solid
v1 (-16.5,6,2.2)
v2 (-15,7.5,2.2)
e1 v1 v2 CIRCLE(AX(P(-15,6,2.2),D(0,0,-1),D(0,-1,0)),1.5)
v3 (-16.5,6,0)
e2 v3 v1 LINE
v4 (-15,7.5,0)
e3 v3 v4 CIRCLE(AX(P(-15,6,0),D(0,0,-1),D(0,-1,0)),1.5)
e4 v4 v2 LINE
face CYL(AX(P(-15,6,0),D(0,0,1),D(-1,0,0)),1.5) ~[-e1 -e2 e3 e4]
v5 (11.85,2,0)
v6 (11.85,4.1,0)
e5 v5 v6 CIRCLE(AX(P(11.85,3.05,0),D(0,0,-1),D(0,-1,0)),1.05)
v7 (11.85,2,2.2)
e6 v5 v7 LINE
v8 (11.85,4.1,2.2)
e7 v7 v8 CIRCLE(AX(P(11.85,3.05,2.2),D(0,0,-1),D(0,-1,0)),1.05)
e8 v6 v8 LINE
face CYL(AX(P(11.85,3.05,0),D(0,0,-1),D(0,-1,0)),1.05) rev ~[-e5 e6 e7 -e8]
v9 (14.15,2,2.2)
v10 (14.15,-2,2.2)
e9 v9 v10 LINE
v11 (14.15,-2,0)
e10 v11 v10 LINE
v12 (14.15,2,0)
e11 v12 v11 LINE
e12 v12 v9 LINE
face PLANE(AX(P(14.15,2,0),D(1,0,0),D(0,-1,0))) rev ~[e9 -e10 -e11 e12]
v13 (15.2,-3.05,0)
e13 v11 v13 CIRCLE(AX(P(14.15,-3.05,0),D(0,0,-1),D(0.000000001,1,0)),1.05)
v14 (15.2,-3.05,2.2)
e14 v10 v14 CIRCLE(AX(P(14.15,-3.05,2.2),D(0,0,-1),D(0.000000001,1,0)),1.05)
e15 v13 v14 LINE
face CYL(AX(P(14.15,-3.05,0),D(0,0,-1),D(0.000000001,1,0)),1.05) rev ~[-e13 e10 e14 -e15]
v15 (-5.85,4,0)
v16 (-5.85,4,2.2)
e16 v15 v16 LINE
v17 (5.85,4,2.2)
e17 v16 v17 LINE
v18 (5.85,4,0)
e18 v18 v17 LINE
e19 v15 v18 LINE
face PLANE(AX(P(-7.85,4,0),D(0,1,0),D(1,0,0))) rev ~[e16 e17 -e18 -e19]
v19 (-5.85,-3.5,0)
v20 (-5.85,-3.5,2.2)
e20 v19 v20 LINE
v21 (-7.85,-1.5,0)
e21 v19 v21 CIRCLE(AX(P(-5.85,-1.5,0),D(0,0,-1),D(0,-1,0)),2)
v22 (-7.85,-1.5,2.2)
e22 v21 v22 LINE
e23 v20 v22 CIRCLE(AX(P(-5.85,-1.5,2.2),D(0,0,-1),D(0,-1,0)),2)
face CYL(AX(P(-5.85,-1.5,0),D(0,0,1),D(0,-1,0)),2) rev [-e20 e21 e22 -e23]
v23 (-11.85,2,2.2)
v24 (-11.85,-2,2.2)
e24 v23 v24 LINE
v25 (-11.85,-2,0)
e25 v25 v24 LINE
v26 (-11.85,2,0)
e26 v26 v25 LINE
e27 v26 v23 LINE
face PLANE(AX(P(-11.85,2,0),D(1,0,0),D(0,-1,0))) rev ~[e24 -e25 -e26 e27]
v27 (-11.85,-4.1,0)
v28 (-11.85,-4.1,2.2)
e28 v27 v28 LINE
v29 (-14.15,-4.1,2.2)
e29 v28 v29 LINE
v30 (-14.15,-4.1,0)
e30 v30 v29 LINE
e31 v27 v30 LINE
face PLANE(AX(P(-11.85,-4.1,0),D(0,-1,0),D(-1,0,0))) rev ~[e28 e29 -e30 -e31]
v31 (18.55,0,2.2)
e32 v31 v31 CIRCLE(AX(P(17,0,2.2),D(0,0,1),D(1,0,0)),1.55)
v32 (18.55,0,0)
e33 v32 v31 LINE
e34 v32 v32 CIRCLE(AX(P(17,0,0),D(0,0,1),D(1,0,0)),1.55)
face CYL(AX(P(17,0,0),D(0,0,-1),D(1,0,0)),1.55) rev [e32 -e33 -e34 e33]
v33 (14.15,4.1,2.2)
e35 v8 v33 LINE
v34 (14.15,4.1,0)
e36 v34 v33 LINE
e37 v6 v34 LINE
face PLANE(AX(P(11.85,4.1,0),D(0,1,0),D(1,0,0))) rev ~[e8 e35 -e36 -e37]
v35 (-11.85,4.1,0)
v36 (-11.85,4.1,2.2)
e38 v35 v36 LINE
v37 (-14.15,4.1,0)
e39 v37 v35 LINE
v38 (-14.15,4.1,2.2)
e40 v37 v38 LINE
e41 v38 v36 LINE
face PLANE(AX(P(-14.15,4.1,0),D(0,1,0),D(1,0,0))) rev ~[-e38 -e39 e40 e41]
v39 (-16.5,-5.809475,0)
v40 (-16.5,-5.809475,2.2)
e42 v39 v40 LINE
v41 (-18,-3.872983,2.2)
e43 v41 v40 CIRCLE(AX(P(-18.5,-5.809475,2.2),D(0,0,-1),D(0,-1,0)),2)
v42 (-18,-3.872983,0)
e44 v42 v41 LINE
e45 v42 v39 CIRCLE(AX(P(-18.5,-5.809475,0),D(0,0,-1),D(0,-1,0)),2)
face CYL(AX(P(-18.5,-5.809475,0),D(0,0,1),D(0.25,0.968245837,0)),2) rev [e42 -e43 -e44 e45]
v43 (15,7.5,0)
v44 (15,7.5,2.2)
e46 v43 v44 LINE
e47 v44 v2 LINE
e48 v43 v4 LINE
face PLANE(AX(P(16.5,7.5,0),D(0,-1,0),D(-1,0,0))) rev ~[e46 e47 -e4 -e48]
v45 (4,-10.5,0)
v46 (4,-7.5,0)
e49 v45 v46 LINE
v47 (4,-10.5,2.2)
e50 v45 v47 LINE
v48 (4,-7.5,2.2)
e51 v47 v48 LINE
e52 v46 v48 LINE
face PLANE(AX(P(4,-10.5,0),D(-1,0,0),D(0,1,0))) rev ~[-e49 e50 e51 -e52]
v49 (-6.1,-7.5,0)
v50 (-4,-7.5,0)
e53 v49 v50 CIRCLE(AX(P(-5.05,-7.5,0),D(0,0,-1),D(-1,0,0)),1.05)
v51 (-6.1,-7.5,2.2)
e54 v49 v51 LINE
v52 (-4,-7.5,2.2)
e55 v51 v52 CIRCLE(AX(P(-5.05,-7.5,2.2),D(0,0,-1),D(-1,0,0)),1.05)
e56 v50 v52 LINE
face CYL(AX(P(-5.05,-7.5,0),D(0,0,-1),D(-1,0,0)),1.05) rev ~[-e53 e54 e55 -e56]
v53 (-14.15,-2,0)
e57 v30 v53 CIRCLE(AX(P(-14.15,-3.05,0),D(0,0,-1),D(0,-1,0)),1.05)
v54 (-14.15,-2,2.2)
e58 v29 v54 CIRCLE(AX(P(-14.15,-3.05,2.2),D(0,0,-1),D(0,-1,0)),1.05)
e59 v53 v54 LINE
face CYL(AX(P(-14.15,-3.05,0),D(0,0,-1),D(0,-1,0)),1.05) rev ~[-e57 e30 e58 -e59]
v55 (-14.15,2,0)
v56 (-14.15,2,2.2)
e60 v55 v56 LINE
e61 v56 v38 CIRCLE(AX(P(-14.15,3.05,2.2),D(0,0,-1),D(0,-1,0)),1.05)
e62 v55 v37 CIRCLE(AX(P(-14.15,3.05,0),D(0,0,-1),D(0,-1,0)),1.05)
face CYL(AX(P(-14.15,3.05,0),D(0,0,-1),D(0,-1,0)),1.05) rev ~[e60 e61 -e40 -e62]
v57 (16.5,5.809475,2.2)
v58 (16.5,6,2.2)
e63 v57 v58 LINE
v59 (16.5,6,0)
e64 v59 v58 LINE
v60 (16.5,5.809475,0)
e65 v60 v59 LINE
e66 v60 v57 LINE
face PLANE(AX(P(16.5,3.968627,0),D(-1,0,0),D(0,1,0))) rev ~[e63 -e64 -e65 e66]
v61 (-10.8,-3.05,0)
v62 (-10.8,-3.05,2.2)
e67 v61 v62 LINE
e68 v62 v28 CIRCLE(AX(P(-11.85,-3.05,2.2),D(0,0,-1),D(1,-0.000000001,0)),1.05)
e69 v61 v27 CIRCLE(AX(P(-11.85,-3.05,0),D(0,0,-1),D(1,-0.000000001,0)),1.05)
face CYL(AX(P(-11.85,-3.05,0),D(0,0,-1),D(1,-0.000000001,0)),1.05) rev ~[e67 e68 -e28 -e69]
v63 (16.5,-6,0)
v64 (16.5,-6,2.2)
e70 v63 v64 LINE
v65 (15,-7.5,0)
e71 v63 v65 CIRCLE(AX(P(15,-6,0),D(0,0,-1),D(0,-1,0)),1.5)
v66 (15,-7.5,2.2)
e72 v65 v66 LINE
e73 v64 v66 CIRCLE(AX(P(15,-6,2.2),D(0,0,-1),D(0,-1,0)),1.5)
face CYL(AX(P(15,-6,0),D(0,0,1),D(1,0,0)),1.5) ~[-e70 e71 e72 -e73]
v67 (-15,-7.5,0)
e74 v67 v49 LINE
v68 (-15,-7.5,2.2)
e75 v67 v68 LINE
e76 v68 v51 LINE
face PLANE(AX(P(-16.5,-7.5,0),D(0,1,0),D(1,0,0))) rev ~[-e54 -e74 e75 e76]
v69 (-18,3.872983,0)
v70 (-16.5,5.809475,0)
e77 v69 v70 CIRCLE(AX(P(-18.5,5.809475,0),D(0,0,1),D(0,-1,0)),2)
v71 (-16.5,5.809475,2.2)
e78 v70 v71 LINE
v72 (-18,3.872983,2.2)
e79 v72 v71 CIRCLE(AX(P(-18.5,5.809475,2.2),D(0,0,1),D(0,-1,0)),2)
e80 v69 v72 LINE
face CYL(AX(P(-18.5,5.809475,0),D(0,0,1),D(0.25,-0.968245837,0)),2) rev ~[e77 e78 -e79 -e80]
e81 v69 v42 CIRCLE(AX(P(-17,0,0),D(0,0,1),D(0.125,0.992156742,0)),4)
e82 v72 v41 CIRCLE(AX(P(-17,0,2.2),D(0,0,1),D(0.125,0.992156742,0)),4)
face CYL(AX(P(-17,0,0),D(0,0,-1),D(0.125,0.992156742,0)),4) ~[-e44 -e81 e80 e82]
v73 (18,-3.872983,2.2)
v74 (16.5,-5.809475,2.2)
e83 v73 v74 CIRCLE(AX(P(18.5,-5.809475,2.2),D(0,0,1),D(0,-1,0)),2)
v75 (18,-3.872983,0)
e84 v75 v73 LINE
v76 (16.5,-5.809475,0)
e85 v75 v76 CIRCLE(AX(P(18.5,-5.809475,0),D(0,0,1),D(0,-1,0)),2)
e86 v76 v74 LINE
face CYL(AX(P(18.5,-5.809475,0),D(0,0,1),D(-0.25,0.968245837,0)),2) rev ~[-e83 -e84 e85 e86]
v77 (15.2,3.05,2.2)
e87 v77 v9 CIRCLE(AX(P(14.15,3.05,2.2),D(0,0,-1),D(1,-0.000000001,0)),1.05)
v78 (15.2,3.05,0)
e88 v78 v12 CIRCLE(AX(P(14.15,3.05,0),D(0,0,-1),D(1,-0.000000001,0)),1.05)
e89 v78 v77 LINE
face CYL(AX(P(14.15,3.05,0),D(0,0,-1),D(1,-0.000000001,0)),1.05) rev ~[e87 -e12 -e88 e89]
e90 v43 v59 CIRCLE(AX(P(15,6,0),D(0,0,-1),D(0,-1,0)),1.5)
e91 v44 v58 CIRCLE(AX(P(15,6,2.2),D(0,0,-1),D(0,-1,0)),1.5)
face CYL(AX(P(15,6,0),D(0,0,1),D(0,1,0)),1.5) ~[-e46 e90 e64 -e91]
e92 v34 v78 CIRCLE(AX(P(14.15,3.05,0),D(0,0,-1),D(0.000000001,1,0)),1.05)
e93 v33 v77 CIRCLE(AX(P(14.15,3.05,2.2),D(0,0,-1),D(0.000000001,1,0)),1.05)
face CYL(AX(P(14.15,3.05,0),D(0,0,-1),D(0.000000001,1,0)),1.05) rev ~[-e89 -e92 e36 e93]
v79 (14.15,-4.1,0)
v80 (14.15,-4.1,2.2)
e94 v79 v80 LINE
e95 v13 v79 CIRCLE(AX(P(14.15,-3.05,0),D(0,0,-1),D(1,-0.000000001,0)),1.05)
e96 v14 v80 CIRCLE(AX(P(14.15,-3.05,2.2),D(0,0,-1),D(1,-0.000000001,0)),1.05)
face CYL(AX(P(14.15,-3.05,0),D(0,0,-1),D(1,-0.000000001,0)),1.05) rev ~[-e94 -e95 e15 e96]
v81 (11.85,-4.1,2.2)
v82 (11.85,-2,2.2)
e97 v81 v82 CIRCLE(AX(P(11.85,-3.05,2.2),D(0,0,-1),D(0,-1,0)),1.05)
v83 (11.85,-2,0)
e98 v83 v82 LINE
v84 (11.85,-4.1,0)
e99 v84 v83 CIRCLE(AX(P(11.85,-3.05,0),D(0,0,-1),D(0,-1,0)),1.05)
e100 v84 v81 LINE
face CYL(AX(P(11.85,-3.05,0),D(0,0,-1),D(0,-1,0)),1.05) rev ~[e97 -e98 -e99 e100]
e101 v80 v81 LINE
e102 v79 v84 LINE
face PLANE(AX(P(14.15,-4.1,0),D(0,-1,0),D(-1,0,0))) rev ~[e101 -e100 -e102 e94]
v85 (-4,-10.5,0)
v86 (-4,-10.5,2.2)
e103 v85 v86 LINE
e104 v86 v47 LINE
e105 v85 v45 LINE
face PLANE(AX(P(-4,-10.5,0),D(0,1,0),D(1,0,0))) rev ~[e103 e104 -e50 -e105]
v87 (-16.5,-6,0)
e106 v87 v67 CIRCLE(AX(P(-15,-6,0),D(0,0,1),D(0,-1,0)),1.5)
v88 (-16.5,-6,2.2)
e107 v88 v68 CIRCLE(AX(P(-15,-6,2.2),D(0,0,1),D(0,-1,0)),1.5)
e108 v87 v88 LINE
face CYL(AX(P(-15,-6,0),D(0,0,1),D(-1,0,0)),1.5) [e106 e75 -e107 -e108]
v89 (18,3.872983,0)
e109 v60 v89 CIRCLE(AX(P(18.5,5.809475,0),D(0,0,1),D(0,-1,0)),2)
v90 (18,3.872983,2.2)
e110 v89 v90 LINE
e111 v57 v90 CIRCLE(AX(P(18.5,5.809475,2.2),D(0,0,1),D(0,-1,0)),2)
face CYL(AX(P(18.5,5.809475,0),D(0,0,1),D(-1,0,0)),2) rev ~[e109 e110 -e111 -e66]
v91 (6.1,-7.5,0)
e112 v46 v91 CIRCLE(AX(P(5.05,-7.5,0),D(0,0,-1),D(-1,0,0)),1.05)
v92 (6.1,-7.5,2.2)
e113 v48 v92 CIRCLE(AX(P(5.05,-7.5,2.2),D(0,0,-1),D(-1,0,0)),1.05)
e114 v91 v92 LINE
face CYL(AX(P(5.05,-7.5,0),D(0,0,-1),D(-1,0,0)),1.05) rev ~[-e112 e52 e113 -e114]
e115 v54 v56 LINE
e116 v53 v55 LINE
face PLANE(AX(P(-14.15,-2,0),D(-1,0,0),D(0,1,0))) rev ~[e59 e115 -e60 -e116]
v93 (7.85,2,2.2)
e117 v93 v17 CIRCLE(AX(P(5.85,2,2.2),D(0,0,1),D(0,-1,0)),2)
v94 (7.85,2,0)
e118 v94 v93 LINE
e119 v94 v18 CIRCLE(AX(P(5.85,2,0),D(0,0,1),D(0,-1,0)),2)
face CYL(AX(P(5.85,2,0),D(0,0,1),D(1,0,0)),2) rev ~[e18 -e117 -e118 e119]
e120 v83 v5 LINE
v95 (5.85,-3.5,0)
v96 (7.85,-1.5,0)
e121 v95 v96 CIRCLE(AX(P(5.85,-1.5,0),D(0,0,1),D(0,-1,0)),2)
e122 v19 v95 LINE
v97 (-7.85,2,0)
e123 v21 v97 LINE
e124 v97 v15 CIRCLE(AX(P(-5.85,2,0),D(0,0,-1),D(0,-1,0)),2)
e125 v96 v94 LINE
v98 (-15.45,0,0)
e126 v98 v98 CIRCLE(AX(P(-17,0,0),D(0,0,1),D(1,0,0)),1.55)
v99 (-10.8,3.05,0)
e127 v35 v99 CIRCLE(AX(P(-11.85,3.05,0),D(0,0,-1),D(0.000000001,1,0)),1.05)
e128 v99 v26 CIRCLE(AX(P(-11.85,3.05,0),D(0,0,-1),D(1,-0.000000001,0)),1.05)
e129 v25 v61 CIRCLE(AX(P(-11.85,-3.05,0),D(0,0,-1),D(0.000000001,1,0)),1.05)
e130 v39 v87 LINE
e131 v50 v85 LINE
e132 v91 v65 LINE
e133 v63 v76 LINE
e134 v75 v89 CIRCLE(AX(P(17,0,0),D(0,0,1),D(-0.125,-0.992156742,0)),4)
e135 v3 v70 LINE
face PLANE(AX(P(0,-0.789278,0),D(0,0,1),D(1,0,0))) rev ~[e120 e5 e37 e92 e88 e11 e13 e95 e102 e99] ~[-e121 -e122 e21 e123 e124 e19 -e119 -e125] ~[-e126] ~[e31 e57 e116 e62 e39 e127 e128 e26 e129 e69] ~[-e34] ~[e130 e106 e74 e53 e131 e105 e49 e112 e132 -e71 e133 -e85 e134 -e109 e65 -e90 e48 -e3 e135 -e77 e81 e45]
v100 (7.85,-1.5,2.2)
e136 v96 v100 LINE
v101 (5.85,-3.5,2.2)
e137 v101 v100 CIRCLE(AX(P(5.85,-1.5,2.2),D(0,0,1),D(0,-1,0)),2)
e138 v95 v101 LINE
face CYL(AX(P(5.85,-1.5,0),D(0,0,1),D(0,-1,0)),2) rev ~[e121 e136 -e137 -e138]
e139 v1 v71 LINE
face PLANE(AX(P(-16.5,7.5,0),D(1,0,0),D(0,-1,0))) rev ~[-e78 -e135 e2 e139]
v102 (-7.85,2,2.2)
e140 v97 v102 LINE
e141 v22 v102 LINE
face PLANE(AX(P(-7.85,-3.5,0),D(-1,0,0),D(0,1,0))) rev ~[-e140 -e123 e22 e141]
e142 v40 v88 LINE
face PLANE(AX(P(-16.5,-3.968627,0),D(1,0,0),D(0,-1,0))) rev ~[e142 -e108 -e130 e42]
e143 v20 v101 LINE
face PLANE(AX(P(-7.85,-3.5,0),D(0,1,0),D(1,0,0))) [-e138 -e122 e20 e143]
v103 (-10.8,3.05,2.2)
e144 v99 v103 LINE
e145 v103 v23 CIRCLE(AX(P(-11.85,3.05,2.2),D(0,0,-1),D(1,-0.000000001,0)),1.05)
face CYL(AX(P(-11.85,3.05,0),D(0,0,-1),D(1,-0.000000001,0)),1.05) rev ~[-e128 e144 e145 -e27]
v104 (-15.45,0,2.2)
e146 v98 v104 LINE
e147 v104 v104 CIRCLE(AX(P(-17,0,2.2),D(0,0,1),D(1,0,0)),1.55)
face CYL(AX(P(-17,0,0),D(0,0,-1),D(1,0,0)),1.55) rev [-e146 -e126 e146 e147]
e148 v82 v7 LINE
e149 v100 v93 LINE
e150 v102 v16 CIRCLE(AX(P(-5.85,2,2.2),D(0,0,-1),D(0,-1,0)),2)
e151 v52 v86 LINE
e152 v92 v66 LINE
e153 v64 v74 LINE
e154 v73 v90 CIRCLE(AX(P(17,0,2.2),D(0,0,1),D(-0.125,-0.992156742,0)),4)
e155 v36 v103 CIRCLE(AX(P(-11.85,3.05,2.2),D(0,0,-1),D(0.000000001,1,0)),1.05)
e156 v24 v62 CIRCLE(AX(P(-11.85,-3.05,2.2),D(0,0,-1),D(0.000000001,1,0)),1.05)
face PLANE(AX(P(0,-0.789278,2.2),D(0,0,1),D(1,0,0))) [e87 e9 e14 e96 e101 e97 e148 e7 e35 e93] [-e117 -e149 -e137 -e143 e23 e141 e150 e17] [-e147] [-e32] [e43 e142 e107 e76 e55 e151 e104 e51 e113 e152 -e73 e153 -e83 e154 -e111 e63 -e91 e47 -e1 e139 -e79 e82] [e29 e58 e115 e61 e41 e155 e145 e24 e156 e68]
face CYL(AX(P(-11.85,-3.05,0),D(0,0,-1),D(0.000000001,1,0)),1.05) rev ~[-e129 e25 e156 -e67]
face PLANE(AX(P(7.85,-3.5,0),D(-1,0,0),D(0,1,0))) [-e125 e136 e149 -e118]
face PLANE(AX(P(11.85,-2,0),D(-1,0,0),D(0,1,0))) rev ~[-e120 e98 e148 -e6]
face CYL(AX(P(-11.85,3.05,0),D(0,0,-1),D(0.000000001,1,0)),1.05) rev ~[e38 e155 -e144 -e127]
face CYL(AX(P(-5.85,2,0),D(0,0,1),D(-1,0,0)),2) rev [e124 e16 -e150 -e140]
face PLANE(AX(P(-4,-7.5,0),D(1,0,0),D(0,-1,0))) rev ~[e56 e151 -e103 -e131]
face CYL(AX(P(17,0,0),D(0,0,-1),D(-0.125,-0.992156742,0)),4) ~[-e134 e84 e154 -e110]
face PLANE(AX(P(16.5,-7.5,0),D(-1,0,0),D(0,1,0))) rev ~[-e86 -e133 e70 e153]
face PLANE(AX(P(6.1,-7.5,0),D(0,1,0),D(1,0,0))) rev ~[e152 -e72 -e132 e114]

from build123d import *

# Parameters (mm, degrees)
SKETCH_1_R      = 1.55
SKETCH_1_W      = 15.7
SKETCH_1_H      = 7.5
EXTRUDE_1_DEPTH = 2.2
FILLET_1_R      = 2
FILLET_2_R      = 1.5
FILLET_3_R      = 2


with BuildPart() as part:
    # 草图1 → 凸台-拉伸1 (new body)
    with BuildSketch(Plane.XY):
        with BuildLine():
            ThreePointArc((-16.5, 3.968626967), (-21, 0), (-16.5, -3.968626967))
            Line((-16.5, -3.968626967), (-16.5, -7.5))
            Line((-16.5, -7.5), (-6.1, -7.5))
            ThreePointArc((-6.1, -7.5), (-5.05, -6.45), (-4, -7.5))
            Line((-4, -7.5), (-4, -10.5))
            Line((-4, -10.5), (4, -10.5))
            Line((4, -10.5), (4, -7.5))
            ThreePointArc((4, -7.5), (5.05, -6.45), (6.1, -7.5))
            Line((6.1, -7.5), (16.5, -7.5))
            Line((16.5, -7.5), (16.5, -3.968626967))
            ThreePointArc((16.5, -3.968626967), (21, 0), (16.5, 3.968626967))
            Line((16.5, 3.968626967), (16.5, 7.5))
            Line((16.5, 7.5), (-16.5, 7.5))
            Line((-16.5, 7.5), (-16.5, 3.968626967))
        make_face()
        with Locations((-17, 0)):
            Circle(SKETCH_1_R, mode=Mode.SUBTRACT)
        with BuildLine():
            Line((-14.15, 4.1), (-11.85, 4.1))
            ThreePointArc((-11.85, 4.1), (-11.10753788, 3.79246212), (-10.8, 3.05))
            ThreePointArc((-10.8, 3.05), (-11.10753788, 2.30753788), (-11.85, 2))
            Line((-11.85, 2), (-11.85, -2))
            ThreePointArc((-11.85, -2), (-11.10753788, -2.30753788), (-10.8, -3.05))
            ThreePointArc((-10.8, -3.05), (-11.10753788, -3.79246212), (-11.85, -4.1))
            Line((-11.85, -4.1), (-14.15, -4.1))
            ThreePointArc((-14.15, -4.1), (-15.2, -3.05), (-14.15, -2))
            Line((-14.15, -2), (-14.15, 2))
            ThreePointArc((-14.15, 2), (-15.2, 3.05), (-14.15, 4.1))
        make_face(mode=Mode.SUBTRACT)
        with Locations((0, 0.25)):
            Rectangle(SKETCH_1_W, SKETCH_1_H, mode=Mode.SUBTRACT)
        with BuildLine():
            Line((11.85, 4.1), (14.15, 4.1))
            ThreePointArc((14.15, 4.1), (14.89246212, 3.79246212), (15.2, 3.05))
            ThreePointArc((15.2, 3.05), (14.89246212, 2.30753788), (14.15, 2))
            Line((14.15, 2), (14.15, -2))
            ThreePointArc((14.15, -2), (14.89246212, -2.30753788), (15.2, -3.05))
            ThreePointArc((15.2, -3.05), (14.89246212, -3.79246212), (14.15, -4.1))
            Line((14.15, -4.1), (11.85, -4.1))
            ThreePointArc((11.85, -4.1), (10.8, -3.05), (11.85, -2))
            Line((11.85, -2), (11.85, 2))
            ThreePointArc((11.85, 2), (10.8, 3.05), (11.85, 4.1))
        make_face(mode=Mode.SUBTRACT)
        with Locations((17, 0)):
            Circle(SKETCH_1_R, mode=Mode.SUBTRACT)
    extrude(amount=EXTRUDE_1_DEPTH)

    # 圆角1
    fillet_1_edges = [part.edges().sort_by_distance(p)[0] for p in [
        (-16.5, -3.968626967, 1.1),
        (-16.5, 3.968626967, 1.1),
        (16.5, 3.968626967, 1.1),
        (16.5, -3.968626967, 1.1),
    ]]
    fillet(fillet_1_edges, radius=FILLET_1_R)

    # 圆角2
    fillet_2_edges = [part.edges().sort_by_distance(p)[0] for p in [
        (-16.5, -7.5, 1.1),
        (-16.5, 7.5, 1.1),
        (16.5, 7.5, 1.1),
        (16.5, -7.5, 1.1),
    ]]
    fillet(fillet_2_edges, radius=FILLET_2_R)

    # 圆角3
    fillet_3_edges = [part.edges().sort_by_distance(p)[0] for p in [
        (-7.85, -3.5, 1.1),
        (7.85, -3.5, 1.1),
        (7.85, 4, 1.1),
        (-7.85, 4, 1.1),
    ]]
    fillet(fillet_3_edges, radius=FILLET_3_R)


solid = part.part
